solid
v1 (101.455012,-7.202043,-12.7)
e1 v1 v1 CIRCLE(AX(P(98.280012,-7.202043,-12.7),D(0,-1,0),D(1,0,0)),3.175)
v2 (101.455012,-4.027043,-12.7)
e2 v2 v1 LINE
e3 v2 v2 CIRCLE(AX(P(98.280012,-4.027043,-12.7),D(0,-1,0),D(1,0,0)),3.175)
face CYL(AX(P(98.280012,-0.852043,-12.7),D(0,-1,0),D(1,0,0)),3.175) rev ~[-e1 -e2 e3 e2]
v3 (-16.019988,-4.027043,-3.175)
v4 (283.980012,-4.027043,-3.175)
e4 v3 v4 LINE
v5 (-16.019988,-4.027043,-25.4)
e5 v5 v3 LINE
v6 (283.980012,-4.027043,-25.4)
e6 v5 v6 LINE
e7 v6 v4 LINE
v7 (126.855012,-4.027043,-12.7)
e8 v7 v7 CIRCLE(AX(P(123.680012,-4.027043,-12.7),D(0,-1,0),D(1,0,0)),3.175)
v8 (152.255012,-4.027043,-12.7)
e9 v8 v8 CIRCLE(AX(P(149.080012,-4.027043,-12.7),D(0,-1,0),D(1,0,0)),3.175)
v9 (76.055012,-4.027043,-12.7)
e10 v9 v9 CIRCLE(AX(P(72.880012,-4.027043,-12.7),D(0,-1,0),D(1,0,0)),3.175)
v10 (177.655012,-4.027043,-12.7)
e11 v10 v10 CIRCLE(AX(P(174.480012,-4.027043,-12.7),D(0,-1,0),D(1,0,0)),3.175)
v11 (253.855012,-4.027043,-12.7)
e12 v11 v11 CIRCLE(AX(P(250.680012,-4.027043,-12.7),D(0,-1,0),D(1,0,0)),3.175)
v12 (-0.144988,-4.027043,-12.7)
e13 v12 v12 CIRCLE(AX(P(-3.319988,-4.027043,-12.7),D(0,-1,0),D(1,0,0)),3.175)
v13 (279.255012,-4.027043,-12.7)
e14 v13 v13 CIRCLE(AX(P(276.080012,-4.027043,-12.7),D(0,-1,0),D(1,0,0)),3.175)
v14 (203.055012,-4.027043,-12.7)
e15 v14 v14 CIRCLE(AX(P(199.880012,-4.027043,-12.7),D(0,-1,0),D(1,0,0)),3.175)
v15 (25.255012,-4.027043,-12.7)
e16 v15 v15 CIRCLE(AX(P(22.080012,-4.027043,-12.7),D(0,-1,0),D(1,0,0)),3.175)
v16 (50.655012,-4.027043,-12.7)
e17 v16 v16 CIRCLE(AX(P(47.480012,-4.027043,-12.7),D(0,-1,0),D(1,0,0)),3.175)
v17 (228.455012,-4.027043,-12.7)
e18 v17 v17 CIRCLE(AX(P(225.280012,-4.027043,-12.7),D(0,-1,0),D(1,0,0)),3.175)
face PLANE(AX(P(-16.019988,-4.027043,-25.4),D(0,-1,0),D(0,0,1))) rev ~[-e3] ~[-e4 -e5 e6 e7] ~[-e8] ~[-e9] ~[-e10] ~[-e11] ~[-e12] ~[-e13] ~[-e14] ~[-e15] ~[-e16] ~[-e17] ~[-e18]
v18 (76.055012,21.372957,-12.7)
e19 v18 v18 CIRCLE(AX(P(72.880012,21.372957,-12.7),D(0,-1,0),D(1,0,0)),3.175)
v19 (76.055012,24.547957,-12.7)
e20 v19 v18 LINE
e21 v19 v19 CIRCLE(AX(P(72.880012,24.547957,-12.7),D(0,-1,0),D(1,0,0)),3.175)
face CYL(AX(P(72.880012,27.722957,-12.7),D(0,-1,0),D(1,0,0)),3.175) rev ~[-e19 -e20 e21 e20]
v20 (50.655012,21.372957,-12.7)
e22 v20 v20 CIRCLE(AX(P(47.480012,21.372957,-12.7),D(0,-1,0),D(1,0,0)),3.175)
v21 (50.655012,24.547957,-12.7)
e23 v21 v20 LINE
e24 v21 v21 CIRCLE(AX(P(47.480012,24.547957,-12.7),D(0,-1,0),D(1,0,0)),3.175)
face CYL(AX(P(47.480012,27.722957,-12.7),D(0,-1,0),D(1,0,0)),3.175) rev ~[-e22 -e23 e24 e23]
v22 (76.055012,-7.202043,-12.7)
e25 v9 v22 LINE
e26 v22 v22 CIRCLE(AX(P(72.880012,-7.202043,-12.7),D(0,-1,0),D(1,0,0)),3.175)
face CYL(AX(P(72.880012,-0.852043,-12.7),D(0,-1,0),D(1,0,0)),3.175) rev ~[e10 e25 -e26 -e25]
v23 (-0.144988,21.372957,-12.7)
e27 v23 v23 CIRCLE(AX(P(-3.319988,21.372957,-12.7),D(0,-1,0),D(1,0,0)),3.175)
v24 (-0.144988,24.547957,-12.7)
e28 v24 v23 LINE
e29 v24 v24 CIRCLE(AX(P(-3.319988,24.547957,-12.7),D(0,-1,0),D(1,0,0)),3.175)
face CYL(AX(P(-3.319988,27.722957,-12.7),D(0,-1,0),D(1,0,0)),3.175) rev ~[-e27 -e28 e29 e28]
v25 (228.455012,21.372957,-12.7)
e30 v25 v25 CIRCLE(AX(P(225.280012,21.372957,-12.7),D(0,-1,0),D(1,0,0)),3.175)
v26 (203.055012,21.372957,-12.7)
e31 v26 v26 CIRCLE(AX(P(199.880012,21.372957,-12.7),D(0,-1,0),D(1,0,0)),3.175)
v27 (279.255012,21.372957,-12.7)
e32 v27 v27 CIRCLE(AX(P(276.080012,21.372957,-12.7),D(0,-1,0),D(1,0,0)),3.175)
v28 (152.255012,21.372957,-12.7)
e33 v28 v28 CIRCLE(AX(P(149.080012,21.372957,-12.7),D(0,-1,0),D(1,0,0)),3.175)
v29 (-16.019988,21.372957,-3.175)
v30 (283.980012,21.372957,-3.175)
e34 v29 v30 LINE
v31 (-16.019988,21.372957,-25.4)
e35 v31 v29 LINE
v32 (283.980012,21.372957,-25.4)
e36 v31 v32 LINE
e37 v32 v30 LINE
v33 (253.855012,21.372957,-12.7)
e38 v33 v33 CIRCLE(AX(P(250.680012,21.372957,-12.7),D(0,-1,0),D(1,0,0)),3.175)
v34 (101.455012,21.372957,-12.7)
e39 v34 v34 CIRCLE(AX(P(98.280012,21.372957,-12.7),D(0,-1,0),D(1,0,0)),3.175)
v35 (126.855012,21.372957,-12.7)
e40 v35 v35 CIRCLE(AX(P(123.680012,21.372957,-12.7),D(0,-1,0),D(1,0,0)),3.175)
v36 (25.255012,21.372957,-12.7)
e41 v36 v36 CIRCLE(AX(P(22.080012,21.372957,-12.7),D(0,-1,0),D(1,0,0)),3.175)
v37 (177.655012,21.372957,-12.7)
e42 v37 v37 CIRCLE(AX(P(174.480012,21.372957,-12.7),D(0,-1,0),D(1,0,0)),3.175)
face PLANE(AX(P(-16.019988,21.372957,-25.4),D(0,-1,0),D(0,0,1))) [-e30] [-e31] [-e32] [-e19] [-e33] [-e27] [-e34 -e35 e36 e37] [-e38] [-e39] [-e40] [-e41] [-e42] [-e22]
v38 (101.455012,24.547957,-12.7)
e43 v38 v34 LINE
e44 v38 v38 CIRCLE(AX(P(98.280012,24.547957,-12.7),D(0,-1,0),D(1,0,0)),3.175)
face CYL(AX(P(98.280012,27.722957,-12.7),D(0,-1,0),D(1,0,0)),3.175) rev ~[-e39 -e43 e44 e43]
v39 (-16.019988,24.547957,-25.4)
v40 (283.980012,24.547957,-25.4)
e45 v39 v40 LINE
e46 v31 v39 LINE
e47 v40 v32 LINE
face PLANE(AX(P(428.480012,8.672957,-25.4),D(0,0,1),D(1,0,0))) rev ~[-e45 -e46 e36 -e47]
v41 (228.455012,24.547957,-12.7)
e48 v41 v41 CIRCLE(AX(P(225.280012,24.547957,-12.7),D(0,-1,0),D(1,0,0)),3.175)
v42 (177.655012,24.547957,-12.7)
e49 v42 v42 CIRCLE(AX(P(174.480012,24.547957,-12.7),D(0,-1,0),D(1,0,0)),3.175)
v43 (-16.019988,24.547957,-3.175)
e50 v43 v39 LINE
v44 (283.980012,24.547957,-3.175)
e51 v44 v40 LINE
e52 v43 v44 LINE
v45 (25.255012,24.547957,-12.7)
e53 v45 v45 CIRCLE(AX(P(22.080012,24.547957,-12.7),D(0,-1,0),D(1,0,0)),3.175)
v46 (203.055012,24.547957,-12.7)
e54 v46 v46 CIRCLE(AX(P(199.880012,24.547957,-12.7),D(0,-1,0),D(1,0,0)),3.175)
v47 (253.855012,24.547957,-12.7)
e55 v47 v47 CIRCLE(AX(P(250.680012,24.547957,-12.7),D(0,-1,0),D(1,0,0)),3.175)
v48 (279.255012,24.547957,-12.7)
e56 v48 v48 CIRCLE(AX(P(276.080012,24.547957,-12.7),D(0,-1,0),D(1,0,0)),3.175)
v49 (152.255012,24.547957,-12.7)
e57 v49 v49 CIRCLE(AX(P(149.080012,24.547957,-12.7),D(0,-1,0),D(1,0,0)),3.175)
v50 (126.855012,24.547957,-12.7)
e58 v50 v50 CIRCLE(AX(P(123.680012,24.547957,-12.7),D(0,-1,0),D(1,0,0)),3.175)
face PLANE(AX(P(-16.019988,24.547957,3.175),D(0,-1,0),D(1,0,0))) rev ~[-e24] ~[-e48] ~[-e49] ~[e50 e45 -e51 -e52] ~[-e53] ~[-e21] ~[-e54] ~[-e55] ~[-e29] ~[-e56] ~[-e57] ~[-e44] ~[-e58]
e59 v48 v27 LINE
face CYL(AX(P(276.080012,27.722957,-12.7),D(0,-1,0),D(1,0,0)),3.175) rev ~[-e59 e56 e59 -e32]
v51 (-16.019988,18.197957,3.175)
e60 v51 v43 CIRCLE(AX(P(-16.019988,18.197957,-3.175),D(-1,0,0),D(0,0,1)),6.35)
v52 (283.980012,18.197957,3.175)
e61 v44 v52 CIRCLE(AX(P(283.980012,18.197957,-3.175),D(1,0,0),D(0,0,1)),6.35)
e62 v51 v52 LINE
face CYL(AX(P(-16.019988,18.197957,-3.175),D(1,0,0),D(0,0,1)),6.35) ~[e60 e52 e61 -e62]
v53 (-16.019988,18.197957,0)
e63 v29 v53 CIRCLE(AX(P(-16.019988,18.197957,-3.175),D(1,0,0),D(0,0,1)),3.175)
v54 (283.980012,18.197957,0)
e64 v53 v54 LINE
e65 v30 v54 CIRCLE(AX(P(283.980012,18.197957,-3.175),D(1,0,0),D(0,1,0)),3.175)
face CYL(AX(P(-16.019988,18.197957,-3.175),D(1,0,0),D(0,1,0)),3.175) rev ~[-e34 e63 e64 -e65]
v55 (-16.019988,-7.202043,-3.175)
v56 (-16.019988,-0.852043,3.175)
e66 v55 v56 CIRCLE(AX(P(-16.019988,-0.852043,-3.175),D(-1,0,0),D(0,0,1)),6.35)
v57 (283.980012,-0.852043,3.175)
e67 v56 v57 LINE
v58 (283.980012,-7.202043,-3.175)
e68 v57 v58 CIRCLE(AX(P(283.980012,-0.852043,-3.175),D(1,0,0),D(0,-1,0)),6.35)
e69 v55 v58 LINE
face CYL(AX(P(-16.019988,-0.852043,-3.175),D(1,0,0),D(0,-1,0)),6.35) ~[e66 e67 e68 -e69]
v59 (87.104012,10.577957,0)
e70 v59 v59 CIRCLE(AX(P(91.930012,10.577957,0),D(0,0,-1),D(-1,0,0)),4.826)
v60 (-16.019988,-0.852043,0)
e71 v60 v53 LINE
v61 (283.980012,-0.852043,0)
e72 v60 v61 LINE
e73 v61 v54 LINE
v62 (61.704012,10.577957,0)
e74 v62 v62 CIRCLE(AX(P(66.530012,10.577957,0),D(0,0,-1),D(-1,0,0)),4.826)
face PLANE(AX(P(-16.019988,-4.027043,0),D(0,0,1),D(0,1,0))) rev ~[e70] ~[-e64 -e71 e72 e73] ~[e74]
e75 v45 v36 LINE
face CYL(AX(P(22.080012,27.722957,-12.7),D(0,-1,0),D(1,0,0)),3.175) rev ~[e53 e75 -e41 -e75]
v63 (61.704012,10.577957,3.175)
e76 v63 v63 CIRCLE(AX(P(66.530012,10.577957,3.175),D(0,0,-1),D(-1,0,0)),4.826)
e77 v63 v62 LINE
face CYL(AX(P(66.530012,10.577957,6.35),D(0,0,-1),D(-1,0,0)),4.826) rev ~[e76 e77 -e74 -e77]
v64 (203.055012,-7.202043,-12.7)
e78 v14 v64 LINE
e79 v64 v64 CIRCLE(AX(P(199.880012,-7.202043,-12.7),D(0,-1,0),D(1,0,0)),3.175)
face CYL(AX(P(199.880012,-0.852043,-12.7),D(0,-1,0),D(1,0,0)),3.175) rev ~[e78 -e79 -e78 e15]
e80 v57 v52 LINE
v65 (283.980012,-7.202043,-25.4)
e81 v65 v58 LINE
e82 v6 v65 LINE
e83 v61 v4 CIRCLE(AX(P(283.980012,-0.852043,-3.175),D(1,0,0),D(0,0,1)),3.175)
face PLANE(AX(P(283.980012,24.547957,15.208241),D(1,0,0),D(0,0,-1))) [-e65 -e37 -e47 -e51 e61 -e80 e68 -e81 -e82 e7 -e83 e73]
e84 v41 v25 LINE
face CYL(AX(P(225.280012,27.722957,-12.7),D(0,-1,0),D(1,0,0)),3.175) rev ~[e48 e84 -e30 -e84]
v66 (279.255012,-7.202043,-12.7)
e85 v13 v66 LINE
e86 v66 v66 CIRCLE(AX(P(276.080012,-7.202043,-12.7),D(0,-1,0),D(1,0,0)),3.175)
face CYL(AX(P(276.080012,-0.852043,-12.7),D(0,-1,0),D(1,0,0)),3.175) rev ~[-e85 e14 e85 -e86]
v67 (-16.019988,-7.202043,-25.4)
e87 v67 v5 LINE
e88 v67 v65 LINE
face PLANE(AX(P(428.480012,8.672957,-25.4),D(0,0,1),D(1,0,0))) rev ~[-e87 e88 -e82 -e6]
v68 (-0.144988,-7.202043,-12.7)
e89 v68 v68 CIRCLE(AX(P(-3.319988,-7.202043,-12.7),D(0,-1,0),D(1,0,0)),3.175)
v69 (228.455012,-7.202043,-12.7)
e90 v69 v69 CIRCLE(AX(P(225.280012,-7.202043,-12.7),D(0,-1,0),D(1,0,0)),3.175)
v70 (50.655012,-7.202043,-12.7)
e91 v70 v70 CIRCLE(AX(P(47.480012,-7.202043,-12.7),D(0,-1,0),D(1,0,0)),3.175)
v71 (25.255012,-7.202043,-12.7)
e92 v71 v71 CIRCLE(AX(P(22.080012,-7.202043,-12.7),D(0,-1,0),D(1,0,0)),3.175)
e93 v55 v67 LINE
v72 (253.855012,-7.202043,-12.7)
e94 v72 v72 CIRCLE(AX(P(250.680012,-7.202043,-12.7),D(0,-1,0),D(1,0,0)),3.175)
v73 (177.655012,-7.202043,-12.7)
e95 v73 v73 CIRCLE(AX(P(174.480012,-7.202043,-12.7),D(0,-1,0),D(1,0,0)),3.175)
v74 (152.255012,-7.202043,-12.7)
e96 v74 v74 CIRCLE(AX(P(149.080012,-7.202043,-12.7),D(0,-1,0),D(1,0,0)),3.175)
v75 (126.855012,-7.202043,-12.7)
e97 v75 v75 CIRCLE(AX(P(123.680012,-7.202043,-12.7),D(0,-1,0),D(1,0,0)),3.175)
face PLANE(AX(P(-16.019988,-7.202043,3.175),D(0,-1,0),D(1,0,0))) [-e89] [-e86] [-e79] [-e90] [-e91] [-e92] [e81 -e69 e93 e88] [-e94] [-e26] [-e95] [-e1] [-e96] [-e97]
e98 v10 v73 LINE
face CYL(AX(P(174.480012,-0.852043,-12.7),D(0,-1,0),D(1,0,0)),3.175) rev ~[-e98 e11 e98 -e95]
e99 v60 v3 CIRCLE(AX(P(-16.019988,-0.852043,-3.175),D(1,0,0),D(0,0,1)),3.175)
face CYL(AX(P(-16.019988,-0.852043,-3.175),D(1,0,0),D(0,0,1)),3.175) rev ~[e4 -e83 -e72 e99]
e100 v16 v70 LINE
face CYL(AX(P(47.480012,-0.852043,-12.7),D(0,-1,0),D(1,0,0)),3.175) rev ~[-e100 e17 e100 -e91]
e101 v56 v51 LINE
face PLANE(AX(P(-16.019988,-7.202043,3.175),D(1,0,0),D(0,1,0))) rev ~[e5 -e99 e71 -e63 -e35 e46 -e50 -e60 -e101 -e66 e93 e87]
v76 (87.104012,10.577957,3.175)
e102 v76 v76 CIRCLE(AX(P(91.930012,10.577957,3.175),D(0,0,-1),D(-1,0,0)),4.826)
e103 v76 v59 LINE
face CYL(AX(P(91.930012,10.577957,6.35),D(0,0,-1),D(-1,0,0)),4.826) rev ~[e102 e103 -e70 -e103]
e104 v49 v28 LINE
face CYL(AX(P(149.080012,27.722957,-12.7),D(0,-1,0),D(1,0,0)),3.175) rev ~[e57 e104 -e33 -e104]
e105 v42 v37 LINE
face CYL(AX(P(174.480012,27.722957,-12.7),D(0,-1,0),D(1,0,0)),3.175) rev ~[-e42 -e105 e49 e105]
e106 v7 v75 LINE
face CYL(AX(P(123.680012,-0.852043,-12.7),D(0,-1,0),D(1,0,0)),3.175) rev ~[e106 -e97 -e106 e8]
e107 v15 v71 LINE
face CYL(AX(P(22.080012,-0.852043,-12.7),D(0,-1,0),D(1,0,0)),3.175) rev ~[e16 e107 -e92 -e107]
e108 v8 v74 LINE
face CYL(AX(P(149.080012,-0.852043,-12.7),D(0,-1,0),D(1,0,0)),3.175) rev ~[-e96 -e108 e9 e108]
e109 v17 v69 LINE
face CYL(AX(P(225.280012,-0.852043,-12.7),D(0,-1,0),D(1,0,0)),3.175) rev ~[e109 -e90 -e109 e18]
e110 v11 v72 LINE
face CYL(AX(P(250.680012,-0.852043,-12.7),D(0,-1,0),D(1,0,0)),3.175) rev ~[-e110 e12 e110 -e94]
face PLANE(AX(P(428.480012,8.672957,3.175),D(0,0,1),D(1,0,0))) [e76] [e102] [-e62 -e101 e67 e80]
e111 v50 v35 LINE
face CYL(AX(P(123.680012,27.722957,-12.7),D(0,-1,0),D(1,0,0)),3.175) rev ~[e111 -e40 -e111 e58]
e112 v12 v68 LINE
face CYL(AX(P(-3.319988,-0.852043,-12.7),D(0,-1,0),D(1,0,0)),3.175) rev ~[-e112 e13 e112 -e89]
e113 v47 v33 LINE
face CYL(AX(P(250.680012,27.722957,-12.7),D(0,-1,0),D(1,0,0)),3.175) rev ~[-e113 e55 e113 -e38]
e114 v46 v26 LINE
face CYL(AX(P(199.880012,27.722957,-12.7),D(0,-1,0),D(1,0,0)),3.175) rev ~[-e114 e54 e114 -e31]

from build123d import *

# Parameters (mm, degrees)
SKETCH1_W          = 889
SKETCH1_H          = 31.75
EXTRUDE1_DEPTH     = 28.575
EXTRUDE2_REACH     = 891.702
SKETCH2_W          = 25.4
SKETCH2_H          = 25.4
HOLE1_D            = 6.35
HOLE1_DEPTH        = 3.175
LPATTERN1_COUNT    = 35
LPATTERN1_PITCH    = 25.4
HOLE2_D            = 9.652
LPATTERN2_COUNT    = 12
LPATTERN2_PITCH    = 25.4
HOLE3_D            = 9.652
HOLE4_D            = 9.652
LPATTERN3_COUNT    = 12
LPATTERN3_PITCH    = 25.4
HOLE5_D            = 3.175
HOLE6_D            = 6.35
LPATTERN4_COUNT    = 35
LPATTERN4_PITCH    = 25.4
FILLET1_R          = 3.175
FILLET2_R          = 3.175
FILLET3_R          = 6.35
FILLET4_R          = 6.35
SKETCH15_W         = 596.207849475
SKETCH15_H         = 40.608240695
CUT_EXTRUDE1_DEPTH = 77


with BuildPart() as part:
    # Sketch1 → Extrude1 (new body)
    with BuildSketch(Plane.XY.offset(3.175)):
        with Locations((428.480011997, 8.672957166)):
            Rectangle(SKETCH1_W, SKETCH1_H)
    extrude(amount=-EXTRUDE1_DEPTH)

    # Sketch2 → Extrude2 (cut, up to next)
    with BuildSketch(Plane.ZY.offset(16.019988003), mode=Mode.PRIVATE) as extrude2_sk1:
        with Locations((-12.7, 8.672957166)):
            Rectangle(SKETCH2_W, SKETCH2_H)
    extrude2_tool1 = extrude(extrude2_sk1.sketch, amount=-EXTRUDE2_REACH, mode=Mode.PRIVATE) & part.part
    add(extrude2_tool1.solids().sort_by_distance((-16.019988, 8.672957, -12.7))[0], mode=Mode.SUBTRACT)

    # Hole1
    with Locations(Plane(origin=(0, 24.547957166, 0), x_dir=(-1, 0, 0), z_dir=(0, 1, 0))):
        with Locations((3.319988003, -12.7)):
            hole1 = Hole(HOLE1_D / 2, depth=HOLE1_DEPTH)

    # LPattern1: Hole1 ×35
    with Locations(*[(i * LPATTERN1_PITCH, 0, 0) for i in range(1, LPATTERN1_COUNT)]):
        add(hole1, mode=Mode.SUBTRACT)

    # Hole2 (through all)
    with Locations(Plane.XY.offset(3.175)):
        with Locations((66.530011997, 10.577957166)):
            hole2 = Hole(HOLE2_D / 2)

    # LPattern2: Hole2 ×12, 8 skipped
    with Locations(*[(i * LPATTERN2_PITCH, 0, 0) for i in range(1, LPATTERN2_COUNT) if i not in (2, 3, 4, 5, 6, 7, 8, 9)]):
        add(hole2, mode=Mode.SUBTRACT)

    # Hole3 (through all)
    with Locations(Plane.XY.offset(3.175)):
        with Locations((428.480011997, 6.767957166)):
            Hole(HOLE3_D / 2)

    # Hole4 (through all)
    with Locations(Plane.XY.offset(3.175)):
        with Locations((511.030011997, 10.577957166)):
            hole4 = Hole(HOLE4_D / 2)

    # LPattern3: Hole4 ×12, 8 skipped
    with Locations(*[(i * LPATTERN3_PITCH, 0, 0) for i in range(1, LPATTERN3_COUNT) if i not in (2, 3, 4, 5, 6, 7, 8, 9)]):
        add(hole4, mode=Mode.SUBTRACT)

    # Hole5 (through all)
    with Locations(Plane.XY.offset(3.175)):
        with Locations((669.780011997, 8.672957166)):
            Hole(HOLE5_D / 2)

    # Hole6 (through all)
    with Locations(Plane(origin=(0, -4.027042834, 0), x_dir=(-1, 0, 0), z_dir=(0, 1, 0))):
        with Locations((3.319988003, -12.7)):
            hole6 = Hole(HOLE6_D / 2)

    # LPattern4: Hole6 ×35
    with Locations(*[(i * LPATTERN4_PITCH, 0, 0) for i in range(1, LPATTERN4_COUNT)]):
        add(hole6, mode=Mode.SUBTRACT)

    # Fillet1
    fillet1_edges = [part.edges().sort_by_distance(p)[0] for p in [
        (428.480011997, 21.372957166, 0),
    ]]
    fillet(fillet1_edges, radius=FILLET1_R)

    # Fillet2
    fillet2_edges = [part.edges().sort_by_distance(p)[0] for p in [
        (428.480011997, -4.027042834, 0),
    ]]
    fillet(fillet2_edges, radius=FILLET2_R)

    # Fillet3
    fillet3_edges = [part.edges().sort_by_distance(p)[0] for p in [
        (428.480011997, -7.202042834, 3.175),
    ]]
    fillet(fillet3_edges, radius=FILLET3_R)

    # Fillet4
    fillet4_edges = [part.edges().sort_by_distance(p)[0] for p in [
        (428.480011997, 24.547957166, 3.175),
    ]]
    fillet(fillet4_edges, radius=FILLET4_R)

    # Sketch15 → Cut-Extrude1 (cut)
    with BuildSketch(Plane(origin=(0, 24.547957166, 0), x_dir=(1, 0, 0), z_dir=(0, 1, 0))):
        with Locations((582.083936734, 5.095879653)):
            Rectangle(SKETCH15_W, SKETCH15_H)
    extrude(amount=-CUT_EXTRUDE1_DEPTH, mode=Mode.SUBTRACT)


solid = part.part
